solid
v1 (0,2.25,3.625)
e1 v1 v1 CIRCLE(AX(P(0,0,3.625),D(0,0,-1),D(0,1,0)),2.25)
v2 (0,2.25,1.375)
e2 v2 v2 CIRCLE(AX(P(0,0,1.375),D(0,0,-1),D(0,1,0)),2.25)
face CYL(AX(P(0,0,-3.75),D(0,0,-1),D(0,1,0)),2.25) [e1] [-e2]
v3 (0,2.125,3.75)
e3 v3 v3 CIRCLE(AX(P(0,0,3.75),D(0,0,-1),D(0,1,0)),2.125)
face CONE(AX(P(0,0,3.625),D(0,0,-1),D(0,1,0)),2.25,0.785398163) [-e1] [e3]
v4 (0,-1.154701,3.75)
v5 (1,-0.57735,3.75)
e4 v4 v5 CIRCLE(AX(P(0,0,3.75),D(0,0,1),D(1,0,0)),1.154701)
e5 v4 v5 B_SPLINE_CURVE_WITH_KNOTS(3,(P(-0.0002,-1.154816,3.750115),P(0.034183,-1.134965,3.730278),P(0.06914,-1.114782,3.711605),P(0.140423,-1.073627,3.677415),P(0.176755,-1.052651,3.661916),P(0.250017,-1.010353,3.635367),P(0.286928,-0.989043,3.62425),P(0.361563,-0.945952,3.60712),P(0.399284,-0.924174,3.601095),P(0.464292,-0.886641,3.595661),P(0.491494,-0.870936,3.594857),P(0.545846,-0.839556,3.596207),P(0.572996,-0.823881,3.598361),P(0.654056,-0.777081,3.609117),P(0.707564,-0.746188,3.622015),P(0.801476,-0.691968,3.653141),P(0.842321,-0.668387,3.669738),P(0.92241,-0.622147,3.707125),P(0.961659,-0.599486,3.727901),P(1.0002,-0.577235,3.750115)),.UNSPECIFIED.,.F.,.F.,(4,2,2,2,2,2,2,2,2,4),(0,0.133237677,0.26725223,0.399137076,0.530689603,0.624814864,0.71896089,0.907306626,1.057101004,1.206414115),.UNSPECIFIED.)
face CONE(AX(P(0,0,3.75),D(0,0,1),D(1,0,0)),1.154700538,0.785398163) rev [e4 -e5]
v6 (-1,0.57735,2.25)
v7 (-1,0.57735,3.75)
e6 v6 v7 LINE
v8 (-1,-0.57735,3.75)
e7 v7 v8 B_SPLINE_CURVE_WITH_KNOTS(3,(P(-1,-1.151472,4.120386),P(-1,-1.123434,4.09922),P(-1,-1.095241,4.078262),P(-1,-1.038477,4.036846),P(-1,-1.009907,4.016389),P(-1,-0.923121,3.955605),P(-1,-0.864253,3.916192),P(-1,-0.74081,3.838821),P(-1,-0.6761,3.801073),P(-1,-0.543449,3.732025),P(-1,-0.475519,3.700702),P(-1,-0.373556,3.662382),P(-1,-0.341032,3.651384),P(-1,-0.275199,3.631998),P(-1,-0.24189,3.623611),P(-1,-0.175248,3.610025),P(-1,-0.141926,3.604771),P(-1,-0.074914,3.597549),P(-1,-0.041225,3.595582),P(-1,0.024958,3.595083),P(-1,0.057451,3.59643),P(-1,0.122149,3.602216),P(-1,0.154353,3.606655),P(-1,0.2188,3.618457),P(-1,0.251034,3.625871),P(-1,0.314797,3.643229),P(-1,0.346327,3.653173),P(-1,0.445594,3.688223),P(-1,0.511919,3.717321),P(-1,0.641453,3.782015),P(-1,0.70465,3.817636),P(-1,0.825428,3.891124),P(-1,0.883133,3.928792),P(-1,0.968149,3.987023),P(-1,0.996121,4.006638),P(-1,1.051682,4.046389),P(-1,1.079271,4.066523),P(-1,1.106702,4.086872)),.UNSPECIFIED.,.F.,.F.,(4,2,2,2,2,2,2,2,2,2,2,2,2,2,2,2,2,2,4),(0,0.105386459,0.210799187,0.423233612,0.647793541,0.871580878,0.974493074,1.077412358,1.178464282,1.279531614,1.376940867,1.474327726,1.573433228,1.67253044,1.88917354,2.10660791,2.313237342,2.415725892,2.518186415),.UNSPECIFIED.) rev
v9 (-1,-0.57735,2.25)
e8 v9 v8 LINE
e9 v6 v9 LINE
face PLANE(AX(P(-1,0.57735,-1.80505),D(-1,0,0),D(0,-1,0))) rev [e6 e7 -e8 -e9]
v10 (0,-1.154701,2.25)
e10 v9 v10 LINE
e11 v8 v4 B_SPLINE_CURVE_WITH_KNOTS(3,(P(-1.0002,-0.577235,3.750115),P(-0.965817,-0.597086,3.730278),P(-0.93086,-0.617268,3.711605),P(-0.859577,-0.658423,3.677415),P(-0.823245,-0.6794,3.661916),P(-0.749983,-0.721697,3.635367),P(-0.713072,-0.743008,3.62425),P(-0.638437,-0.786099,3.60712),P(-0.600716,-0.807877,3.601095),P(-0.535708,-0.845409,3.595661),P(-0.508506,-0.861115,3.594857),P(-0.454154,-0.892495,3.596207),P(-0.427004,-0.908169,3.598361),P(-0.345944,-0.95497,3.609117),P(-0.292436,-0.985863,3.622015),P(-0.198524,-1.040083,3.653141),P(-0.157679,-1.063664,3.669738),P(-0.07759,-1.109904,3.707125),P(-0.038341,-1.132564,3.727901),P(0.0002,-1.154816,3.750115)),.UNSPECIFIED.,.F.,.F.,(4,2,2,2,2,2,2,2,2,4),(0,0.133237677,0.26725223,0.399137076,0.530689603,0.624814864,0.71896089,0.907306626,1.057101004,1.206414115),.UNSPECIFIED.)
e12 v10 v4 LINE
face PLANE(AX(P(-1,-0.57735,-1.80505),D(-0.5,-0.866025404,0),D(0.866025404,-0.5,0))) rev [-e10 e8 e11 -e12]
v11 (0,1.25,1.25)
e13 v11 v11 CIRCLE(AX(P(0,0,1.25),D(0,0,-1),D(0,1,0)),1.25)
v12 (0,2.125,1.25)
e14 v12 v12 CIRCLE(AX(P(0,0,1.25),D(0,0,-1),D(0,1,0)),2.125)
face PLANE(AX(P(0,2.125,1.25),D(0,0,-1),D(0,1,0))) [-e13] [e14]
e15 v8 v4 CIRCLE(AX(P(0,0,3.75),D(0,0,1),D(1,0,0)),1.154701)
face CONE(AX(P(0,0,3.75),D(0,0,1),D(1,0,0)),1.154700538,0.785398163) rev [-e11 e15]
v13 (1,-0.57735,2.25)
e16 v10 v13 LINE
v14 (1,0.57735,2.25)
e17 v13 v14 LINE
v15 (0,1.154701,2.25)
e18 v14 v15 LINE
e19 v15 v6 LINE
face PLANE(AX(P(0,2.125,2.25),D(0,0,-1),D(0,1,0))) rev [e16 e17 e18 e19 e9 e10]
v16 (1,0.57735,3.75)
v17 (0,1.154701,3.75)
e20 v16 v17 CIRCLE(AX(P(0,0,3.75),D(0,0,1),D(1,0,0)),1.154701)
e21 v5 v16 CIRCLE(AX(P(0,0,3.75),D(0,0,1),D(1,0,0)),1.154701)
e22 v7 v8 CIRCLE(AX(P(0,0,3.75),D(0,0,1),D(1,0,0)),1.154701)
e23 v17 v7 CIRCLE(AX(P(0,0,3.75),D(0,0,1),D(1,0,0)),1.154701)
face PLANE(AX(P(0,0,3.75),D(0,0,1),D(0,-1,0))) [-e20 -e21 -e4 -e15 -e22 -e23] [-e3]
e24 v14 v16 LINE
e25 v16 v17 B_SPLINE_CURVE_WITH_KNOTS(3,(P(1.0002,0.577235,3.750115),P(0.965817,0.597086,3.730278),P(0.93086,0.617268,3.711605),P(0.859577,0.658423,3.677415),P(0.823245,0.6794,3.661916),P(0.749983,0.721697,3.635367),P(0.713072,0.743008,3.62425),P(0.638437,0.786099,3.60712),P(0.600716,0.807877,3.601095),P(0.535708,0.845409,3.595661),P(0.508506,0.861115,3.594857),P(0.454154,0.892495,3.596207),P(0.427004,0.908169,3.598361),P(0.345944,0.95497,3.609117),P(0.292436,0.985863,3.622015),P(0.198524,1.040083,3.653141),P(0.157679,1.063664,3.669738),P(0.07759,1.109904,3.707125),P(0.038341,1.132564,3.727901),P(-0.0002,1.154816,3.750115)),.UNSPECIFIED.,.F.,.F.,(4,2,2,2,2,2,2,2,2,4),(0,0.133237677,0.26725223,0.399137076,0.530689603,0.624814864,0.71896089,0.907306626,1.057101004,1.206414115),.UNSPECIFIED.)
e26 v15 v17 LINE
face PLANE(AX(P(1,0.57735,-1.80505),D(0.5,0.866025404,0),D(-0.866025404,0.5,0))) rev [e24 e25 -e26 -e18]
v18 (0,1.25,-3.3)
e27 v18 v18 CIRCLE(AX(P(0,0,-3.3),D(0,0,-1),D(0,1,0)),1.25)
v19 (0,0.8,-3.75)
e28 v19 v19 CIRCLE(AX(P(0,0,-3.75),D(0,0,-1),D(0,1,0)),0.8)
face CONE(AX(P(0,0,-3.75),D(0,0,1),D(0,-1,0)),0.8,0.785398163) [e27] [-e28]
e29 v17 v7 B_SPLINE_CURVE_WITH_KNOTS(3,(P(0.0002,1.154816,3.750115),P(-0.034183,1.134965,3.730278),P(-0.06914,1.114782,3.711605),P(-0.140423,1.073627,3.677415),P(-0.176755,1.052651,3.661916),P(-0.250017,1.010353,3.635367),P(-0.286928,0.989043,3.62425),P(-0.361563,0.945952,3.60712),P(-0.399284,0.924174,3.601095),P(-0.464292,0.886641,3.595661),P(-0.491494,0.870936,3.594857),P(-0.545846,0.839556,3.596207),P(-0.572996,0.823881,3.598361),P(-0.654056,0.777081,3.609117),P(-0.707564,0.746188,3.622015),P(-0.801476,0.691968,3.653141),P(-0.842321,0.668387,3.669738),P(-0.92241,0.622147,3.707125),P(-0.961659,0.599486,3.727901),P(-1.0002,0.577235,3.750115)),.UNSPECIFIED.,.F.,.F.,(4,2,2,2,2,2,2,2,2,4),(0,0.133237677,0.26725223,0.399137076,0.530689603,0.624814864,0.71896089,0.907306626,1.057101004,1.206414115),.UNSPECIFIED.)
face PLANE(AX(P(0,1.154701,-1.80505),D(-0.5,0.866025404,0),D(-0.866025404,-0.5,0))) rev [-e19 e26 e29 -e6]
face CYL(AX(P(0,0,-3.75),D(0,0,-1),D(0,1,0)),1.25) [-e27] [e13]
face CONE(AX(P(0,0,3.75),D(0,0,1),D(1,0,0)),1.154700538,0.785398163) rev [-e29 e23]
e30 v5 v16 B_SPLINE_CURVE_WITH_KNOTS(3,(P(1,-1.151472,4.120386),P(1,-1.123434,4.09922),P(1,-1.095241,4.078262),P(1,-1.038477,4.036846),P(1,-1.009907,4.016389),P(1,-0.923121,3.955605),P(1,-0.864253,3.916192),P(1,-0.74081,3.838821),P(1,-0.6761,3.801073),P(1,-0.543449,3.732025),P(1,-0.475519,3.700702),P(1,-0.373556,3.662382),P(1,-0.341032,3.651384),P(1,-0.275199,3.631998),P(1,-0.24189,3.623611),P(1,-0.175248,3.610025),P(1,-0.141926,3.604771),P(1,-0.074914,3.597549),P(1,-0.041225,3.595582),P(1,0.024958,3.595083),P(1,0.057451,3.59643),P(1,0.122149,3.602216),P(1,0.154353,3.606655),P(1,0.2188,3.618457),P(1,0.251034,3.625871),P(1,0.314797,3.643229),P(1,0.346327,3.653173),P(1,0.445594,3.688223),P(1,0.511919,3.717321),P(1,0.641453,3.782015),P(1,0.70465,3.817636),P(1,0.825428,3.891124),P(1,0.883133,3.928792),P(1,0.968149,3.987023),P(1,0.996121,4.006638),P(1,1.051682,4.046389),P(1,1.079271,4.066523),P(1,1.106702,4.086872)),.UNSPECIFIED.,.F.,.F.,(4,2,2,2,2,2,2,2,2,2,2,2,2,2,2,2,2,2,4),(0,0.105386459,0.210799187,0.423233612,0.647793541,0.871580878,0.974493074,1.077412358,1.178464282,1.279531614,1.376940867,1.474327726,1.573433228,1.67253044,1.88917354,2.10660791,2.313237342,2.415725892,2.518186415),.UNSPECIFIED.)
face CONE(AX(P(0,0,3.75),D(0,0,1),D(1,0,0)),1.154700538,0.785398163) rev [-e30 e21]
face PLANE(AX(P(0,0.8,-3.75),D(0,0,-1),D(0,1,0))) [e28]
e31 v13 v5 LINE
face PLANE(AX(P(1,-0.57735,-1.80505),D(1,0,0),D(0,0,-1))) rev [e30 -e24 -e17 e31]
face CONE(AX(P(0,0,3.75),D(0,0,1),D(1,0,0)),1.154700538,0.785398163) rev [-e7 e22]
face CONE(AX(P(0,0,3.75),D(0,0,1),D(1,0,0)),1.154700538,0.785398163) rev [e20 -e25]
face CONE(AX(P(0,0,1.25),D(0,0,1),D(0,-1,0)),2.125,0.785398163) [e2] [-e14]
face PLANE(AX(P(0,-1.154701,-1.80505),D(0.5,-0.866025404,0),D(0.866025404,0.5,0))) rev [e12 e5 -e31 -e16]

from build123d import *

# Parameters (mm, degrees)
CUT_EXTRUDE1_DEPTH = 1.5
SKETCH4_R          = 1.154700538
CUT_EXTRUDE2_DEPTH = 1.5
CUT_EXTRUDE2_DRAFT = -45


with BuildPart() as part:
    # Sketch2 → Revolve1 (revolve)
    with BuildSketch(Plane(origin=(0, 0, 0), x_dir=(0, 0, -1), z_dir=(1, 0, 0))):
        Polygon((-3.75, 0), (-3.75, 2.125), (-3.625, 2.25), (-1.375, 2.25), (-1.25, 2.125), (-1.25, 1.25), (3.3, 1.25), (3.75, 0.8), (3.75, 0), align=None)
    revolve(axis=Axis((0, 0, -3.75), (0, 0, 1)))

    # Sketch3 → Cut-Extrude1 (cut)
    with BuildSketch(Plane.XY.offset(3.75)):
        Polygon((1, -0.577350269), (1, 0.577350269), (0, 1.154700538), (-1, 0.577350269), (-1, -0.577350269), (0, -1.154700538), align=None)
    extrude(amount=-CUT_EXTRUDE1_DEPTH, mode=Mode.SUBTRACT)


with BuildPart() as cut_extrude2_tool:
    # Sketch4 → Cut-Extrude2 (with draft: the straight prism first)
    with BuildSketch(Plane.XY.offset(3.75)):
        Circle(SKETCH4_R)
    extrude(amount=-CUT_EXTRUDE2_DEPTH)
    # Cut-Extrude2: the draft: its side faces are tilted about the plane it starts from
    cut_extrude2_sides = [cut_extrude2_tool.faces().sort_by_distance(p)[0] for p in [
        (-1.154700538, 0, 3),
    ]]
    draft(cut_extrude2_sides, Plane.XY.offset(3.75), CUT_EXTRUDE2_DRAFT)


with BuildPart() as part_1:
    add(part.part)

    # Cut-Extrude2: cut by cut_extrude2_tool
    add(cut_extrude2_tool.part, mode=Mode.SUBTRACT)


solid = part_1.part
